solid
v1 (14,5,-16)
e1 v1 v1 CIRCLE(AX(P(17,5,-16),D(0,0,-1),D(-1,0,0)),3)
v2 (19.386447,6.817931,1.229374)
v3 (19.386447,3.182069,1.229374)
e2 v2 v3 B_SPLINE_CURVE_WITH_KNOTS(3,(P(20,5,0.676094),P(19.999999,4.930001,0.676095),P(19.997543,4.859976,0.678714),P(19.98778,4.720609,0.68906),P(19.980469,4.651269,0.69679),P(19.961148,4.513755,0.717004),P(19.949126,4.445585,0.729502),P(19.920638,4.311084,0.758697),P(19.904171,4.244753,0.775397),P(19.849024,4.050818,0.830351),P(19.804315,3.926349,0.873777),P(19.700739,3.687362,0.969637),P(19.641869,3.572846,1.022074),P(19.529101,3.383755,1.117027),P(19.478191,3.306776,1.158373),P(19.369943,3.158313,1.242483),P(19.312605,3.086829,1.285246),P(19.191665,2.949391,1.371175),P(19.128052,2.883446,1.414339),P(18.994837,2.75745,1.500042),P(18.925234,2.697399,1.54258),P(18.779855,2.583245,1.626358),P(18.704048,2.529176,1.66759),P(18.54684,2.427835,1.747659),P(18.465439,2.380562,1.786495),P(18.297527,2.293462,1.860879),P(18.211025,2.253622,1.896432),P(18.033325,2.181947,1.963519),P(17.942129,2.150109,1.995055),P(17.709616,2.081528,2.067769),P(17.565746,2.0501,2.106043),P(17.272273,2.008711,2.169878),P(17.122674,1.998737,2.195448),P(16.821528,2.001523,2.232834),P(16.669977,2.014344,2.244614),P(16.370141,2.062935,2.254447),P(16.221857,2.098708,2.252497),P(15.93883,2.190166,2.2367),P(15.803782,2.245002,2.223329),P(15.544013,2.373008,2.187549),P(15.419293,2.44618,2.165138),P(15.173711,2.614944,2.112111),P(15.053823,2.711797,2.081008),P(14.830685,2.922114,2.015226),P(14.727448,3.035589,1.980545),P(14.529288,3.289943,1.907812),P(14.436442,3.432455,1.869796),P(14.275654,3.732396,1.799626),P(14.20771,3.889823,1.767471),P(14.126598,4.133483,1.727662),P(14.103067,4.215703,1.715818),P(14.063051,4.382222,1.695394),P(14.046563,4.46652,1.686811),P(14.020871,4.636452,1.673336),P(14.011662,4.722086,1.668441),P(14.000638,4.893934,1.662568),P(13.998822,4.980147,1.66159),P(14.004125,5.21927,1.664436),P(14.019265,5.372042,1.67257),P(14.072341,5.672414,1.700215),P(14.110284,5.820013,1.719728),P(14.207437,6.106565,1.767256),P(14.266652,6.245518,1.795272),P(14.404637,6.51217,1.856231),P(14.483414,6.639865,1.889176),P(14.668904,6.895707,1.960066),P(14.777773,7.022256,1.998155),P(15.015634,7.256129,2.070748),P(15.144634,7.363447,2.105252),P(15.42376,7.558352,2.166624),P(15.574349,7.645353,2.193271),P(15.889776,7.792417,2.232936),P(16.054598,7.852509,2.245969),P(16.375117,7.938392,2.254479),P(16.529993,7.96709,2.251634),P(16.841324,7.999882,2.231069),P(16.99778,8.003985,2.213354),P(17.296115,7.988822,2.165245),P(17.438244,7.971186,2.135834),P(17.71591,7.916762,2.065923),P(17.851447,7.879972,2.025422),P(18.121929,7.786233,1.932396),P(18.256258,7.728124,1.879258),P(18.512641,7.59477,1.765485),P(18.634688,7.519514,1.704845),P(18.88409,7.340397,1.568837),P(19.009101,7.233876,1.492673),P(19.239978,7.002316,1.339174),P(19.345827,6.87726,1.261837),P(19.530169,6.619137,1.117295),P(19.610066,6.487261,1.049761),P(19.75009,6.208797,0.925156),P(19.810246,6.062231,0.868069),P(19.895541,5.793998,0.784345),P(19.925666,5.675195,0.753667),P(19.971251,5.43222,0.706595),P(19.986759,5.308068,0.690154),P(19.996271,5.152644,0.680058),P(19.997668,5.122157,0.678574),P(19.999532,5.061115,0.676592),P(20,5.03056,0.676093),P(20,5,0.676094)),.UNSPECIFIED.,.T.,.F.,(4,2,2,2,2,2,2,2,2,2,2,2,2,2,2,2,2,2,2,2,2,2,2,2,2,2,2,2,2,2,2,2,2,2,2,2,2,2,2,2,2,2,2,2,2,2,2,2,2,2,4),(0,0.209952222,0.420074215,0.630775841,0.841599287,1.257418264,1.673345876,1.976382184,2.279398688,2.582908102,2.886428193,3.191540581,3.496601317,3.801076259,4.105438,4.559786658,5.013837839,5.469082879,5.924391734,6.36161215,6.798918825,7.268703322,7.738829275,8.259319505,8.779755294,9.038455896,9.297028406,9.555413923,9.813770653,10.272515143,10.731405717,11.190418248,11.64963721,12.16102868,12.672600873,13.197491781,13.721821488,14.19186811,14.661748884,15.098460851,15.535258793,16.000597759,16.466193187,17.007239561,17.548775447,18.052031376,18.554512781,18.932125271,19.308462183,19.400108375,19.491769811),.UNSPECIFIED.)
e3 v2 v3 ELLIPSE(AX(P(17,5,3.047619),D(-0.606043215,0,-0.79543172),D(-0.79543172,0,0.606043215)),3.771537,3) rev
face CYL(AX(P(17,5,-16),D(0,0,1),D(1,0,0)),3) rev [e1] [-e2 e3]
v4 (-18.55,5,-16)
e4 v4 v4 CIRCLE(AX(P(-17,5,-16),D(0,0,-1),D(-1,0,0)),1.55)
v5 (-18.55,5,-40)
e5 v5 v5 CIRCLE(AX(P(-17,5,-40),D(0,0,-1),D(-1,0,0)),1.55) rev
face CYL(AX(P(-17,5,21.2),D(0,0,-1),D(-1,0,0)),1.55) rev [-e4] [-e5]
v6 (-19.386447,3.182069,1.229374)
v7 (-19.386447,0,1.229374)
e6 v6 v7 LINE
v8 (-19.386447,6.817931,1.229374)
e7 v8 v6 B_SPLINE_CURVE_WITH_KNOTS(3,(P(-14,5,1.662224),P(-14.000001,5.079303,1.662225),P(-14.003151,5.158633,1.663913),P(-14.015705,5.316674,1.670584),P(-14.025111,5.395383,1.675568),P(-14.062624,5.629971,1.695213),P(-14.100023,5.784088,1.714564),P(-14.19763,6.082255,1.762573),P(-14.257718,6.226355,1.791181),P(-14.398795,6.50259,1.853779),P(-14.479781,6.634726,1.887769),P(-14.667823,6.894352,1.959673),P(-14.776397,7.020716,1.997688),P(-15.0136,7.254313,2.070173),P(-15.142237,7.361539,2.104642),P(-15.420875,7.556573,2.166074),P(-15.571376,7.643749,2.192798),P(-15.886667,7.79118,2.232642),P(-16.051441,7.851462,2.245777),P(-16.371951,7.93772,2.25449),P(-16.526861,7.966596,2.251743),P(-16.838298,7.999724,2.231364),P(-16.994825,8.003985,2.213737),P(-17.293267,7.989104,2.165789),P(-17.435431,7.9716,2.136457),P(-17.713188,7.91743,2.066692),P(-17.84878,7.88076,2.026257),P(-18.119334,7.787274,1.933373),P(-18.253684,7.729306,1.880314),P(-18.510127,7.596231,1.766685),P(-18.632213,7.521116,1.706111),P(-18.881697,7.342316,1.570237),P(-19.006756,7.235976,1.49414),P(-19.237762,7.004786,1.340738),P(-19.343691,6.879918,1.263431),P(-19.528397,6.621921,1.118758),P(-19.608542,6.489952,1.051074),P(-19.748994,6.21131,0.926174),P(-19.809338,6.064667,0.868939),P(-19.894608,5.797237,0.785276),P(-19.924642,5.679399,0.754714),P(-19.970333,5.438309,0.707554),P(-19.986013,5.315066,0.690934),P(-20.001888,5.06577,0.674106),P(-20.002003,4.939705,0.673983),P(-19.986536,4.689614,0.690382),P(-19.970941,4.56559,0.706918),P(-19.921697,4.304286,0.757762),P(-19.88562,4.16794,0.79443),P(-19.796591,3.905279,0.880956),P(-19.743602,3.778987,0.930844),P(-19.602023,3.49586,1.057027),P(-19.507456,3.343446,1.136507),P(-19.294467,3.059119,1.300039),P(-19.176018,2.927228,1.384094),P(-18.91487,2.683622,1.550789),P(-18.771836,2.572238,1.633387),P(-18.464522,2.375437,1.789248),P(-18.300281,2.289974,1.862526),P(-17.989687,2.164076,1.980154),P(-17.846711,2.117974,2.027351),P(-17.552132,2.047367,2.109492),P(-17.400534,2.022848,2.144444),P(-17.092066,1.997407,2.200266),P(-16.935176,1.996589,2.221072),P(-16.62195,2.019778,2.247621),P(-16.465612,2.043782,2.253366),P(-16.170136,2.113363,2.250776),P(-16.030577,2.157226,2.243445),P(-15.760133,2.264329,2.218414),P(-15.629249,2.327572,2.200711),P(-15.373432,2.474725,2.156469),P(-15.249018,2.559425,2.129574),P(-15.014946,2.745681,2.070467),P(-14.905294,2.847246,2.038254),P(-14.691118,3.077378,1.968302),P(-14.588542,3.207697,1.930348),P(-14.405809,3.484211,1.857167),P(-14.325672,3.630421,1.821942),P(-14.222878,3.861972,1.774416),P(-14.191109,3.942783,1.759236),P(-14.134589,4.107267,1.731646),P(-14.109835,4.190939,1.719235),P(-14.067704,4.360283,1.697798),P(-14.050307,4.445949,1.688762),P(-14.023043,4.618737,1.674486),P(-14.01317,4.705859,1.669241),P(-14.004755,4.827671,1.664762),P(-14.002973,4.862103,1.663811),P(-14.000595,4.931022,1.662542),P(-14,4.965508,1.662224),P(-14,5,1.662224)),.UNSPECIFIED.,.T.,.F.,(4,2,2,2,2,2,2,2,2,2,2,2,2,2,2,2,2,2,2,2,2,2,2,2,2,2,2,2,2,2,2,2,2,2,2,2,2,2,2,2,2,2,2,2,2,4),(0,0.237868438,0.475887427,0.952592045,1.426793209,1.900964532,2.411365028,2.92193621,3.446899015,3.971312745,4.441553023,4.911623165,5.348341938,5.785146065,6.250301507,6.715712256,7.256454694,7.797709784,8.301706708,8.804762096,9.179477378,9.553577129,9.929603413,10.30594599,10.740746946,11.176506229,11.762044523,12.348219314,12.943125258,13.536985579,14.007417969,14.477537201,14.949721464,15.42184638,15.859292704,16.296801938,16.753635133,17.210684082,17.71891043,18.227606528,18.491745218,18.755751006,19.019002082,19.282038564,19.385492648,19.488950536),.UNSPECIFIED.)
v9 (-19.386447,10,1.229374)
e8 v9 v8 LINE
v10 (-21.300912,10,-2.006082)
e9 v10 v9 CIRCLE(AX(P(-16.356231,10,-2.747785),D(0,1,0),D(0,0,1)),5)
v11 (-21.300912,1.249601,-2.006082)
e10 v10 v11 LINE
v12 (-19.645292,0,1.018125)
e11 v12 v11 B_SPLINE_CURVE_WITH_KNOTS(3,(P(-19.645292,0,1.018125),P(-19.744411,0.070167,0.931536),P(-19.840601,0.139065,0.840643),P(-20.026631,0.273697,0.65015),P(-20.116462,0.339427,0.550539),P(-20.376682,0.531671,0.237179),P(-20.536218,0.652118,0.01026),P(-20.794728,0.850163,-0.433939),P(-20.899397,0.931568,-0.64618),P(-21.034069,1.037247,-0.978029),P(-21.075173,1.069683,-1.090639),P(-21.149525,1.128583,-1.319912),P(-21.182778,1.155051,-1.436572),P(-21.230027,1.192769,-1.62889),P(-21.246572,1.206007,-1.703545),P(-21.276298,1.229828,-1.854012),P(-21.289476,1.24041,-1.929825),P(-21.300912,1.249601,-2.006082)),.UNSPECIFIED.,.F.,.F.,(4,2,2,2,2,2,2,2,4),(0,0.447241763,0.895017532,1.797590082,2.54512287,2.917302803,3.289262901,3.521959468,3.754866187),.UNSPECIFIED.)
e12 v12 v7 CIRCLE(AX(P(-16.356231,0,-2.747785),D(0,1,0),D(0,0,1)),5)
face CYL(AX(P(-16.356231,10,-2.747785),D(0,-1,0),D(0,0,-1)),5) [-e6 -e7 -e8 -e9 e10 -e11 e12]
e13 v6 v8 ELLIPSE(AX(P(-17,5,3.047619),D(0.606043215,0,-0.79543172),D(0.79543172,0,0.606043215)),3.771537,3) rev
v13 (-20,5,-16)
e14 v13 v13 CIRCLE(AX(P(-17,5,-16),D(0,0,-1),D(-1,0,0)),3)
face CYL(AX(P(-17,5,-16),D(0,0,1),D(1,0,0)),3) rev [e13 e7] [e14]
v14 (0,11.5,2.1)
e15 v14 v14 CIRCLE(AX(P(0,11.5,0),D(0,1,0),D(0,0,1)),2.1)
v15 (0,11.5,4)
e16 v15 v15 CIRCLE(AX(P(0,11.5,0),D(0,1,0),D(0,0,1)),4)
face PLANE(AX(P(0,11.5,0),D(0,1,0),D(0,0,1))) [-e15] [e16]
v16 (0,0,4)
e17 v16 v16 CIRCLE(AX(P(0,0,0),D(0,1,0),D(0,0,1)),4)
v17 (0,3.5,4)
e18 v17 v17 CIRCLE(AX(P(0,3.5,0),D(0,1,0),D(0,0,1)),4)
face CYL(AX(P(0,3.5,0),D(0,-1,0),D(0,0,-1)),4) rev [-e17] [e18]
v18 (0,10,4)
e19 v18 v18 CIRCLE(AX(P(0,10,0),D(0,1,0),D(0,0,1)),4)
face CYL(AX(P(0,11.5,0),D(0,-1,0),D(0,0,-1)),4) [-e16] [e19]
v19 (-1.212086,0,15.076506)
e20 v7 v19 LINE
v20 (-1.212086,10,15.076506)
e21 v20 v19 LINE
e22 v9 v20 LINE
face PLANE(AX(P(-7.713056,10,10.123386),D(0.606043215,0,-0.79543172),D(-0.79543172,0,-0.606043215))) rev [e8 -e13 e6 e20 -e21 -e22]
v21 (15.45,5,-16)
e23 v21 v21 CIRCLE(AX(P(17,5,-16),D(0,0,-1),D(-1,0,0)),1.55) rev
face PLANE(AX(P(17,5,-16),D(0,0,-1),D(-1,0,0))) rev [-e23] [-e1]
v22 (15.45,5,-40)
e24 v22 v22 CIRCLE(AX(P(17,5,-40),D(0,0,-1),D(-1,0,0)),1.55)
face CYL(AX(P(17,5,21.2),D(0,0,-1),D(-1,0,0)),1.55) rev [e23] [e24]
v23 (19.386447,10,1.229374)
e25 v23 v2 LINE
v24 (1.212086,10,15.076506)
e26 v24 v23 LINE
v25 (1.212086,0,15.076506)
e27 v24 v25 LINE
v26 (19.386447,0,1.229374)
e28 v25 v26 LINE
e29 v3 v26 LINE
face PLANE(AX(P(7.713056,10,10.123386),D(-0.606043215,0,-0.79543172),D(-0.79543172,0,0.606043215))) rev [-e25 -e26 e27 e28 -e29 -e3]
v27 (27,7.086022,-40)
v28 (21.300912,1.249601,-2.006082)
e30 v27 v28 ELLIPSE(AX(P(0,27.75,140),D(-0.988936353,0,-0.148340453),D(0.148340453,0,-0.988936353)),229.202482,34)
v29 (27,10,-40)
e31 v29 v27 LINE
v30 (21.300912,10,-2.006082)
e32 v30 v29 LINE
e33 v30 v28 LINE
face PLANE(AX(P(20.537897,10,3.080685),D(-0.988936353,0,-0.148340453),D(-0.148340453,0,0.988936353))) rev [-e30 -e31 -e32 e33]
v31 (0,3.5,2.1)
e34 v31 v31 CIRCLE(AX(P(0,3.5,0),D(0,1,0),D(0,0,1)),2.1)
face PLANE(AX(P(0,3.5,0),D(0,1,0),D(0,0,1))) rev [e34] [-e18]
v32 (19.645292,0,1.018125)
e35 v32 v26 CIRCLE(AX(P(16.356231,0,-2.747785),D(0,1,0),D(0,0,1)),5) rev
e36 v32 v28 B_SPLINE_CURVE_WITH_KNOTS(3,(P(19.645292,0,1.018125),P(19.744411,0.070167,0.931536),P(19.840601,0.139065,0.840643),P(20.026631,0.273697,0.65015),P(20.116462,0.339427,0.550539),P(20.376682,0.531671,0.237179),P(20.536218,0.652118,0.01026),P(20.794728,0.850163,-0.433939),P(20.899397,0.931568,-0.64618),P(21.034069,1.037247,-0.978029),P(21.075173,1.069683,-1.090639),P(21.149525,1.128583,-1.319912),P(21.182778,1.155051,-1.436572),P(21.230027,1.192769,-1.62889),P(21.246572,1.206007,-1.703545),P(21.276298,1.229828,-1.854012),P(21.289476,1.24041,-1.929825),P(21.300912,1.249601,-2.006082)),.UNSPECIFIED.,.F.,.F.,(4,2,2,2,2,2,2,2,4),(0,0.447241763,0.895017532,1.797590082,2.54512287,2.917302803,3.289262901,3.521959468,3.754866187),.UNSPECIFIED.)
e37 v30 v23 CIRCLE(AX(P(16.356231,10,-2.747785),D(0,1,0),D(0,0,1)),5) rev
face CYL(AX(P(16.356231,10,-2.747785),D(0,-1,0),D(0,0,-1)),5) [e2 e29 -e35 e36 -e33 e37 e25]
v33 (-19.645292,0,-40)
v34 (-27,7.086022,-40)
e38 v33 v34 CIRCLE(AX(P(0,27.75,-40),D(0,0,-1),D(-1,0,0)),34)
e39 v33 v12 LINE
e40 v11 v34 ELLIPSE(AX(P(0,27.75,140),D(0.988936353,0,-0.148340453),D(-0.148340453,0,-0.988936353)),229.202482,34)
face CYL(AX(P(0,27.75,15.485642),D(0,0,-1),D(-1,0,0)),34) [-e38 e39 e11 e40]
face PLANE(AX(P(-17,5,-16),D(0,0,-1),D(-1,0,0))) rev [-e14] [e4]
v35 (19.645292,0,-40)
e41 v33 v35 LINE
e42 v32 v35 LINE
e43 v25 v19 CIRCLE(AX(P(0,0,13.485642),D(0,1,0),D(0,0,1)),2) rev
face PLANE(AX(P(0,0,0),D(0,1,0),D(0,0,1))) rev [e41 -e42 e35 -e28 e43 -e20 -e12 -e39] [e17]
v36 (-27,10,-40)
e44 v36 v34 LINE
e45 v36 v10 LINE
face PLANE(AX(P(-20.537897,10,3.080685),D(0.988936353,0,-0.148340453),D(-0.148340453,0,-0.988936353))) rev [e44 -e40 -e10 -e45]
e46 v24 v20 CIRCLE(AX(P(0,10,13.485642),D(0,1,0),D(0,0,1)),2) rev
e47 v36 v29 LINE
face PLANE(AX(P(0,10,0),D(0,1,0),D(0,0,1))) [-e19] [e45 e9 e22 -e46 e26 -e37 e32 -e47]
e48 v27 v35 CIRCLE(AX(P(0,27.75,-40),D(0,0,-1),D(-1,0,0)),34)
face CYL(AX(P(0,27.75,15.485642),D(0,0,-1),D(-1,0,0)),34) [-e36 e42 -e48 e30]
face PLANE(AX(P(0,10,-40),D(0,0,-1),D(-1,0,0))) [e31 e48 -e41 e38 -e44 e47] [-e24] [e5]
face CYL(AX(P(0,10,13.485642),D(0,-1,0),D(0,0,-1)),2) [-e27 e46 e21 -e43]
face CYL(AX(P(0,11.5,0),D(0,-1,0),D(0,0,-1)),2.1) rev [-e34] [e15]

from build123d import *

# Parameters (mm, degrees)
SKETCH1_R           = 4
BOSS_EXTRUDE1_DEPTH = 10
SKETCH1_3_R         = 4
SKETCH1_3_R_2       = 2.1
BOSS_EXTRUDE2_DEPTH = 11.5
SKETCH1_4_R         = 4
SKETCH1_4_R_2       = 2.1
CUT_EXTRUDE1_DEPTH  = 3.5
SKETCH2_R           = 1.55
CUT_EXTRUDE3_DEPTH  = 61.2
SKETCH3_R           = 51.203530844
SKETCH3_R_2         = 34
CUT_EXTRUDE4_DEPTH  = 63.768674379
SKETCH4_R           = 3
CUT_EXTRUDE5_DEPTH  = 36


with BuildPart() as part:
    # Sketch1 → Boss-Extrude1 (new body)
    with BuildSketch(Plane(origin=(0, 0, 0), x_dir=(1, 0, 0), z_dir=(0, 1, 0))):
        with BuildLine():
            ThreePointArc((-21.300912355, 2.006082368), (-20.659344965, 0.201570446), (-19.386446667, -1.229373968))
            Line((-19.386446667, -1.229373968), (-1.212086431, -15.076505577))
            ThreePointArc((-1.212086431, -15.076505577), (0, -15.485642137), (1.212086431, -15.076505577))
            Line((1.212086431, -15.076505577), (19.386446667, -1.229373968))
            ThreePointArc((19.386446667, -1.229373968), (20.659344965, 0.201570446), (21.300912355, 2.006082368))
            Line((21.300912355, 2.006082368), (27, 40))
            Line((27, 40), (-27, 40))
            Line((-27, 40), (-21.300912355, 2.006082368))
        make_face()
        Circle(SKETCH1_R, mode=Mode.SUBTRACT)
    extrude(amount=BOSS_EXTRUDE1_DEPTH)

    # Sketch1<3> → Boss-Extrude2 (add)
    with BuildSketch(Plane(origin=(0, 0, 0), x_dir=(1, 0, 0), z_dir=(0, 1, 0))):
        Circle(SKETCH1_3_R)
        Circle(SKETCH1_3_R_2, mode=Mode.SUBTRACT)
    extrude(amount=BOSS_EXTRUDE2_DEPTH)

    # Sketch1<4> → Cut-Extrude1 (cut)
    with BuildSketch(Plane(origin=(0, 0, 0), x_dir=(1, 0, 0), z_dir=(0, 1, 0))):
        Circle(SKETCH1_4_R)
        Circle(SKETCH1_4_R_2, mode=Mode.SUBTRACT)
    extrude(amount=CUT_EXTRUDE1_DEPTH, mode=Mode.SUBTRACT)

    # Sketch2 → Cut-Extrude3 (cut)
    with BuildSketch(Plane(origin=(0, 0, -40), x_dir=(-1, 0, 0), z_dir=(0, 0, -1))):
        with Locations((-17, 5)):
            Circle(SKETCH2_R)
        with Locations((17, 5)):
            Circle(SKETCH2_R)
    extrude(amount=-CUT_EXTRUDE3_DEPTH, mode=Mode.SUBTRACT)

    # Sketch3 → Cut-Extrude4 (cut, through all)
    with BuildSketch(Plane(origin=(0, 0, -40), x_dir=(-1, 0, 0), z_dir=(0, 0, -1))):
        with Locations((0, 27.75)):
            Circle(SKETCH3_R)
        with Locations((0, 27.75)):
            Circle(SKETCH3_R_2, mode=Mode.SUBTRACT)
    extrude(amount=-CUT_EXTRUDE4_DEPTH, mode=Mode.SUBTRACT)

    # Sketch4 → Cut-Extrude5 (cut)
    with BuildSketch(Plane(origin=(0, 0, 20), x_dir=(-1, 0, 0), z_dir=(0, 0, -1))):
        with Locations((17, 5)):
            Circle(SKETCH4_R)
        with Locations((-17, 5)):
            Circle(SKETCH4_R)
    extrude(amount=CUT_EXTRUDE5_DEPTH, mode=Mode.SUBTRACT)


solid = part.part
